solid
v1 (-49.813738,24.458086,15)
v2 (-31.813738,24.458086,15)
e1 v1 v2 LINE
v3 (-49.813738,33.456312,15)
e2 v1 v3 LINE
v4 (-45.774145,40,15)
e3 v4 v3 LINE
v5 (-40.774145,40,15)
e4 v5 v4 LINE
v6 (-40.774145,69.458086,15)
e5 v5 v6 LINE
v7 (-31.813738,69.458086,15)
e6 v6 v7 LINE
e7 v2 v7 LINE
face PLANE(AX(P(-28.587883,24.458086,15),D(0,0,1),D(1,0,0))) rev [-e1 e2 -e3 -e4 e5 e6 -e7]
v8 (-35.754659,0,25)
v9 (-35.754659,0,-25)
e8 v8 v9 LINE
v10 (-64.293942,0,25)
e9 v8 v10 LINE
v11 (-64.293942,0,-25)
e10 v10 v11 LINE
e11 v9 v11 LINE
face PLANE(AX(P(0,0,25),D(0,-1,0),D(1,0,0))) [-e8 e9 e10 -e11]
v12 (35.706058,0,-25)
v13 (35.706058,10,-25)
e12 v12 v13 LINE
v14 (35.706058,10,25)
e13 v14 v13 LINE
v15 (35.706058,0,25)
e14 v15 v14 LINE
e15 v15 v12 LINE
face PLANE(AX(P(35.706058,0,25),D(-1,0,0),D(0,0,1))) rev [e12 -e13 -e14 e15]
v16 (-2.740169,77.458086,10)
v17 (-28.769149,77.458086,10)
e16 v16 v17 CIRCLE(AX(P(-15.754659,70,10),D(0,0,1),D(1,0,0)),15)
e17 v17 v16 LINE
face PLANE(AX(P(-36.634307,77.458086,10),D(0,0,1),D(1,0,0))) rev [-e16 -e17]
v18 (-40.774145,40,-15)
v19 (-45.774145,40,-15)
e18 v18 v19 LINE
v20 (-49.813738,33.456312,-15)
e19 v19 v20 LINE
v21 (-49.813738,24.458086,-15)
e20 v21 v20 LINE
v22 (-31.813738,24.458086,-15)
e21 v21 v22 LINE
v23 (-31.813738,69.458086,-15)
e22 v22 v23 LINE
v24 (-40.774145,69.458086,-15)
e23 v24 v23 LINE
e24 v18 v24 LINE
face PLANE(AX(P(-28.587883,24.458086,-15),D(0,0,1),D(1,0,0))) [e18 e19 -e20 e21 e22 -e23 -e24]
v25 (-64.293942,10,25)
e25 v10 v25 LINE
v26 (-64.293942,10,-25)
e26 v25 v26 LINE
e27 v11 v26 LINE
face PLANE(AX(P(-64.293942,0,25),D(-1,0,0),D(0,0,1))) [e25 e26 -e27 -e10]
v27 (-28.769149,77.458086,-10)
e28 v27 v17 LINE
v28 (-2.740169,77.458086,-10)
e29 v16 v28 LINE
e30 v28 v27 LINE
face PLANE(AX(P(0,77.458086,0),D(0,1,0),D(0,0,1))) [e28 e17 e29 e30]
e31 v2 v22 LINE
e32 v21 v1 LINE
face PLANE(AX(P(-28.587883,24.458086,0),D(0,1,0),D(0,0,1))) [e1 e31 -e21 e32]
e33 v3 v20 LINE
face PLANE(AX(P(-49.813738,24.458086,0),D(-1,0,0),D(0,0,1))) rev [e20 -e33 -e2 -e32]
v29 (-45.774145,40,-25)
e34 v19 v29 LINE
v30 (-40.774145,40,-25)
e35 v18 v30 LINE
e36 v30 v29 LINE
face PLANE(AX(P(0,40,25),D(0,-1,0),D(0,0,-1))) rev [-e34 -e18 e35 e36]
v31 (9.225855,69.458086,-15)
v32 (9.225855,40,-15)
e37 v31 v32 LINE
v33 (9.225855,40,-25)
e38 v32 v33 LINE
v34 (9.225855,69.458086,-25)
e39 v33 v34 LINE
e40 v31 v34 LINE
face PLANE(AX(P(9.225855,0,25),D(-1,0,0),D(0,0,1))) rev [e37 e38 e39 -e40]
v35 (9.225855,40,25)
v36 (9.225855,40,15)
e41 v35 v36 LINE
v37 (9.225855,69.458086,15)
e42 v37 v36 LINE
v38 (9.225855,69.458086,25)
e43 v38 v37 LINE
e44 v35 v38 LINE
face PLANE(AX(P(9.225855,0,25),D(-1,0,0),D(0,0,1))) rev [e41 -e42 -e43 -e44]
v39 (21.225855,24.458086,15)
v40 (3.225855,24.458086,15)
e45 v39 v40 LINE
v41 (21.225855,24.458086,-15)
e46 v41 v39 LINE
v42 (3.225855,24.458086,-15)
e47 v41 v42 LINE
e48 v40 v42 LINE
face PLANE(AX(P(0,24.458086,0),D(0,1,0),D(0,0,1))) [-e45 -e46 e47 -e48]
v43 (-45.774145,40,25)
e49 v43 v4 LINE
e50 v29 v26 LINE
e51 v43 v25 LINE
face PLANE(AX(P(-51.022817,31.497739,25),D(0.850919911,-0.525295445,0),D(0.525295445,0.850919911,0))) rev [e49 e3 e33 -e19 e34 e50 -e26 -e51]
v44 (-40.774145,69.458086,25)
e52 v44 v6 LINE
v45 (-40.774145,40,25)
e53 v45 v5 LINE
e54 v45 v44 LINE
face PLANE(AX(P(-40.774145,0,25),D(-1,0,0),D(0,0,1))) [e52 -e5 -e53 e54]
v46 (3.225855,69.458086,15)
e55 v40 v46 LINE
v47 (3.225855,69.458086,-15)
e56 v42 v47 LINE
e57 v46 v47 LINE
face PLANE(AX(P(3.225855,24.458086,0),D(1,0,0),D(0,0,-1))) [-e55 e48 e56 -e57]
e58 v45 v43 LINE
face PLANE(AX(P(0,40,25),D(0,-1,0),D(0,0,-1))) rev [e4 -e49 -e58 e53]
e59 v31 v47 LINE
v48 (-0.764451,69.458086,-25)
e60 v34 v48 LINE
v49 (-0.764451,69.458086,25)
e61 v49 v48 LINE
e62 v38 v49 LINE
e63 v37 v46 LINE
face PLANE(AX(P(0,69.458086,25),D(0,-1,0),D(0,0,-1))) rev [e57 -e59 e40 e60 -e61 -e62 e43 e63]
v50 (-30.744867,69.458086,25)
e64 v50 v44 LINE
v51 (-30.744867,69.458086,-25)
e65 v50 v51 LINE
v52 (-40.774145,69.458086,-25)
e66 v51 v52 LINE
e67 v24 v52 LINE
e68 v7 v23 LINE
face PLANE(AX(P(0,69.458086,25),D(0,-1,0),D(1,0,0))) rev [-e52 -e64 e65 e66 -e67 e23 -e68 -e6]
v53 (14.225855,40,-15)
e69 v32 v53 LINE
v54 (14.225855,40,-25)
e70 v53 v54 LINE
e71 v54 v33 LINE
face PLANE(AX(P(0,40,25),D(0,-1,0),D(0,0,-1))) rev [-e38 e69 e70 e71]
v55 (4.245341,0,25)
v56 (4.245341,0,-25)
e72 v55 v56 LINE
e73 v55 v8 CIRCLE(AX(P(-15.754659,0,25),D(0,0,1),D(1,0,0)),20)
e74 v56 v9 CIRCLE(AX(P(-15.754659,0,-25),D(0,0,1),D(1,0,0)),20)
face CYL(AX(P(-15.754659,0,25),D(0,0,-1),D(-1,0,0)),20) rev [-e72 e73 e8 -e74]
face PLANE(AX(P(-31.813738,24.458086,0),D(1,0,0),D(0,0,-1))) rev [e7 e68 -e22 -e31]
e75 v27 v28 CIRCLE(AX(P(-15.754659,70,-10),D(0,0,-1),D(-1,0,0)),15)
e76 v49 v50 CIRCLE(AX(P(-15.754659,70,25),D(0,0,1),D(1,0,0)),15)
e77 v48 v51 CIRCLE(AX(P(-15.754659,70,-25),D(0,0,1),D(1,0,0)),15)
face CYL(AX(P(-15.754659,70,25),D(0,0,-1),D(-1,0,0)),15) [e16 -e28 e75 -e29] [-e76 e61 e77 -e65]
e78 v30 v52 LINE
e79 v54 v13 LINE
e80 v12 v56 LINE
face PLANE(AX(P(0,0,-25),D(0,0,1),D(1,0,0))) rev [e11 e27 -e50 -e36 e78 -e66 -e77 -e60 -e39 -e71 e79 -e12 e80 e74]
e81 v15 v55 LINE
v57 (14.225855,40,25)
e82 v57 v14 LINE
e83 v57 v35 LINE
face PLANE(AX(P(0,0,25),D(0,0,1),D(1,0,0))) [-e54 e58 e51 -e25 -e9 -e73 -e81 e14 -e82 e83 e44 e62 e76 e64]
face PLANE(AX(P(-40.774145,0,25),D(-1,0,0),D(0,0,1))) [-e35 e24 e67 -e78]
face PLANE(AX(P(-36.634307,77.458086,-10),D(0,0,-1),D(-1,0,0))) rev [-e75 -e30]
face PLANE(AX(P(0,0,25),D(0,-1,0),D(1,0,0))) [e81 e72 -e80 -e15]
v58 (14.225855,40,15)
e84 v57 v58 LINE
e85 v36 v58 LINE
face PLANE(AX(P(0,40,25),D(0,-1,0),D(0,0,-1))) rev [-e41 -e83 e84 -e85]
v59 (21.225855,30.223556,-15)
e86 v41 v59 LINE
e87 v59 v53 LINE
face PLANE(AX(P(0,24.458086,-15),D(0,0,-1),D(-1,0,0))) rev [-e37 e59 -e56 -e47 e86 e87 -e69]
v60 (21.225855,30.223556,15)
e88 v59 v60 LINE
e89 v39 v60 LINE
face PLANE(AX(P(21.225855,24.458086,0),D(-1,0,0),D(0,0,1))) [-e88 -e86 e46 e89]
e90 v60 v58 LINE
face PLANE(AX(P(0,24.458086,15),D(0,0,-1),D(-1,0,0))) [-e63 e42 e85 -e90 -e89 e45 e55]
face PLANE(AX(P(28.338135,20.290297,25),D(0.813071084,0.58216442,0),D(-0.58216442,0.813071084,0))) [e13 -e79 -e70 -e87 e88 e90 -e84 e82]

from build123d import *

# Parameters (mm, degrees)
BOSS_EXTRUDE1_DEPTH = 25
SKETCH3_W           = 6
SKETCH3_H           = 30
SKETCH3_W_2         = 12
CUT_EXTRUDE2_DEPTH  = 45
SKETCH4_W           = 41.759295091
SKETCH4_H           = 20
CUT_EXTRUDE4_DEPTH  = 7


with BuildPart() as part:
    # Sketch1 → Boss-Extrude1 (new, symmetric)
    with BuildSketch(Plane.XY):
        with BuildLine():
            Line((9.225854521, 69.458085549), (-0.764451304, 69.458085549))
            ThreePointArc((-0.764451304, 69.458085549), (-15.754659065, 85), (-30.744866826, 69.458085549))
            Line((-30.744866826, 69.458085549), (-40.774145479, 69.458085549))
            Line((-40.774145479, 69.458085549), (-40.774145479, 40))
            Line((-40.774145479, 40), (-45.774145479, 40))
            Line((-45.774145479, 40), (-64.293941681, 10))
            Line((-64.293941681, 10), (-64.293941681, 0))
            Line((-64.293941681, 0), (-35.754659065, 0))
            ThreePointArc((-35.754659065, 0), (-15.754659065, 20), (4.245340935, 0))
            Line((4.245340935, 0), (35.706058319, 0))
            Line((35.706058319, 0), (35.706058319, 10))
            Line((35.706058319, 10), (14.225854521, 40))
            Line((14.225854521, 40), (9.225854521, 40))
            Line((9.225854521, 40), (9.225854521, 69.458085549))
        make_face()
    extrude(amount=BOSS_EXTRUDE1_DEPTH, both=True)

    # Sketch3 → Cut-Extrude2 (cut)
    with BuildSketch(Plane(origin=(0, 69.458085549, 0), x_dir=(1, 0, 0), z_dir=(0, 1, 0))):
        with Locations((6.225854521, 0)):
            Rectangle(SKETCH3_W, SKETCH3_H)
        with Locations((15.225854521, 0)):
            Rectangle(SKETCH3_W_2, SKETCH3_H)
    cut_extrude2 = extrude(amount=-CUT_EXTRUDE2_DEPTH, mode=Mode.SUBTRACT)

    # Mirror1: Cut-Extrude2 across plane
    add(cut_extrude2.mirror(Plane.ZY.offset(14.293941681)), mode=Mode.SUBTRACT)

    # Sketch4 → Cut-Extrude4 (cut, symmetric)
    with BuildSketch(Plane(origin=(0, 84.458085549, 0), x_dir=(1, 0, 0), z_dir=(0, 1, 0))):
        with Locations((-15.754659066, 0)):
            Rectangle(SKETCH4_W, SKETCH4_H)
    extrude(amount=CUT_EXTRUDE4_DEPTH, both=True, mode=Mode.SUBTRACT)


solid = part.part
